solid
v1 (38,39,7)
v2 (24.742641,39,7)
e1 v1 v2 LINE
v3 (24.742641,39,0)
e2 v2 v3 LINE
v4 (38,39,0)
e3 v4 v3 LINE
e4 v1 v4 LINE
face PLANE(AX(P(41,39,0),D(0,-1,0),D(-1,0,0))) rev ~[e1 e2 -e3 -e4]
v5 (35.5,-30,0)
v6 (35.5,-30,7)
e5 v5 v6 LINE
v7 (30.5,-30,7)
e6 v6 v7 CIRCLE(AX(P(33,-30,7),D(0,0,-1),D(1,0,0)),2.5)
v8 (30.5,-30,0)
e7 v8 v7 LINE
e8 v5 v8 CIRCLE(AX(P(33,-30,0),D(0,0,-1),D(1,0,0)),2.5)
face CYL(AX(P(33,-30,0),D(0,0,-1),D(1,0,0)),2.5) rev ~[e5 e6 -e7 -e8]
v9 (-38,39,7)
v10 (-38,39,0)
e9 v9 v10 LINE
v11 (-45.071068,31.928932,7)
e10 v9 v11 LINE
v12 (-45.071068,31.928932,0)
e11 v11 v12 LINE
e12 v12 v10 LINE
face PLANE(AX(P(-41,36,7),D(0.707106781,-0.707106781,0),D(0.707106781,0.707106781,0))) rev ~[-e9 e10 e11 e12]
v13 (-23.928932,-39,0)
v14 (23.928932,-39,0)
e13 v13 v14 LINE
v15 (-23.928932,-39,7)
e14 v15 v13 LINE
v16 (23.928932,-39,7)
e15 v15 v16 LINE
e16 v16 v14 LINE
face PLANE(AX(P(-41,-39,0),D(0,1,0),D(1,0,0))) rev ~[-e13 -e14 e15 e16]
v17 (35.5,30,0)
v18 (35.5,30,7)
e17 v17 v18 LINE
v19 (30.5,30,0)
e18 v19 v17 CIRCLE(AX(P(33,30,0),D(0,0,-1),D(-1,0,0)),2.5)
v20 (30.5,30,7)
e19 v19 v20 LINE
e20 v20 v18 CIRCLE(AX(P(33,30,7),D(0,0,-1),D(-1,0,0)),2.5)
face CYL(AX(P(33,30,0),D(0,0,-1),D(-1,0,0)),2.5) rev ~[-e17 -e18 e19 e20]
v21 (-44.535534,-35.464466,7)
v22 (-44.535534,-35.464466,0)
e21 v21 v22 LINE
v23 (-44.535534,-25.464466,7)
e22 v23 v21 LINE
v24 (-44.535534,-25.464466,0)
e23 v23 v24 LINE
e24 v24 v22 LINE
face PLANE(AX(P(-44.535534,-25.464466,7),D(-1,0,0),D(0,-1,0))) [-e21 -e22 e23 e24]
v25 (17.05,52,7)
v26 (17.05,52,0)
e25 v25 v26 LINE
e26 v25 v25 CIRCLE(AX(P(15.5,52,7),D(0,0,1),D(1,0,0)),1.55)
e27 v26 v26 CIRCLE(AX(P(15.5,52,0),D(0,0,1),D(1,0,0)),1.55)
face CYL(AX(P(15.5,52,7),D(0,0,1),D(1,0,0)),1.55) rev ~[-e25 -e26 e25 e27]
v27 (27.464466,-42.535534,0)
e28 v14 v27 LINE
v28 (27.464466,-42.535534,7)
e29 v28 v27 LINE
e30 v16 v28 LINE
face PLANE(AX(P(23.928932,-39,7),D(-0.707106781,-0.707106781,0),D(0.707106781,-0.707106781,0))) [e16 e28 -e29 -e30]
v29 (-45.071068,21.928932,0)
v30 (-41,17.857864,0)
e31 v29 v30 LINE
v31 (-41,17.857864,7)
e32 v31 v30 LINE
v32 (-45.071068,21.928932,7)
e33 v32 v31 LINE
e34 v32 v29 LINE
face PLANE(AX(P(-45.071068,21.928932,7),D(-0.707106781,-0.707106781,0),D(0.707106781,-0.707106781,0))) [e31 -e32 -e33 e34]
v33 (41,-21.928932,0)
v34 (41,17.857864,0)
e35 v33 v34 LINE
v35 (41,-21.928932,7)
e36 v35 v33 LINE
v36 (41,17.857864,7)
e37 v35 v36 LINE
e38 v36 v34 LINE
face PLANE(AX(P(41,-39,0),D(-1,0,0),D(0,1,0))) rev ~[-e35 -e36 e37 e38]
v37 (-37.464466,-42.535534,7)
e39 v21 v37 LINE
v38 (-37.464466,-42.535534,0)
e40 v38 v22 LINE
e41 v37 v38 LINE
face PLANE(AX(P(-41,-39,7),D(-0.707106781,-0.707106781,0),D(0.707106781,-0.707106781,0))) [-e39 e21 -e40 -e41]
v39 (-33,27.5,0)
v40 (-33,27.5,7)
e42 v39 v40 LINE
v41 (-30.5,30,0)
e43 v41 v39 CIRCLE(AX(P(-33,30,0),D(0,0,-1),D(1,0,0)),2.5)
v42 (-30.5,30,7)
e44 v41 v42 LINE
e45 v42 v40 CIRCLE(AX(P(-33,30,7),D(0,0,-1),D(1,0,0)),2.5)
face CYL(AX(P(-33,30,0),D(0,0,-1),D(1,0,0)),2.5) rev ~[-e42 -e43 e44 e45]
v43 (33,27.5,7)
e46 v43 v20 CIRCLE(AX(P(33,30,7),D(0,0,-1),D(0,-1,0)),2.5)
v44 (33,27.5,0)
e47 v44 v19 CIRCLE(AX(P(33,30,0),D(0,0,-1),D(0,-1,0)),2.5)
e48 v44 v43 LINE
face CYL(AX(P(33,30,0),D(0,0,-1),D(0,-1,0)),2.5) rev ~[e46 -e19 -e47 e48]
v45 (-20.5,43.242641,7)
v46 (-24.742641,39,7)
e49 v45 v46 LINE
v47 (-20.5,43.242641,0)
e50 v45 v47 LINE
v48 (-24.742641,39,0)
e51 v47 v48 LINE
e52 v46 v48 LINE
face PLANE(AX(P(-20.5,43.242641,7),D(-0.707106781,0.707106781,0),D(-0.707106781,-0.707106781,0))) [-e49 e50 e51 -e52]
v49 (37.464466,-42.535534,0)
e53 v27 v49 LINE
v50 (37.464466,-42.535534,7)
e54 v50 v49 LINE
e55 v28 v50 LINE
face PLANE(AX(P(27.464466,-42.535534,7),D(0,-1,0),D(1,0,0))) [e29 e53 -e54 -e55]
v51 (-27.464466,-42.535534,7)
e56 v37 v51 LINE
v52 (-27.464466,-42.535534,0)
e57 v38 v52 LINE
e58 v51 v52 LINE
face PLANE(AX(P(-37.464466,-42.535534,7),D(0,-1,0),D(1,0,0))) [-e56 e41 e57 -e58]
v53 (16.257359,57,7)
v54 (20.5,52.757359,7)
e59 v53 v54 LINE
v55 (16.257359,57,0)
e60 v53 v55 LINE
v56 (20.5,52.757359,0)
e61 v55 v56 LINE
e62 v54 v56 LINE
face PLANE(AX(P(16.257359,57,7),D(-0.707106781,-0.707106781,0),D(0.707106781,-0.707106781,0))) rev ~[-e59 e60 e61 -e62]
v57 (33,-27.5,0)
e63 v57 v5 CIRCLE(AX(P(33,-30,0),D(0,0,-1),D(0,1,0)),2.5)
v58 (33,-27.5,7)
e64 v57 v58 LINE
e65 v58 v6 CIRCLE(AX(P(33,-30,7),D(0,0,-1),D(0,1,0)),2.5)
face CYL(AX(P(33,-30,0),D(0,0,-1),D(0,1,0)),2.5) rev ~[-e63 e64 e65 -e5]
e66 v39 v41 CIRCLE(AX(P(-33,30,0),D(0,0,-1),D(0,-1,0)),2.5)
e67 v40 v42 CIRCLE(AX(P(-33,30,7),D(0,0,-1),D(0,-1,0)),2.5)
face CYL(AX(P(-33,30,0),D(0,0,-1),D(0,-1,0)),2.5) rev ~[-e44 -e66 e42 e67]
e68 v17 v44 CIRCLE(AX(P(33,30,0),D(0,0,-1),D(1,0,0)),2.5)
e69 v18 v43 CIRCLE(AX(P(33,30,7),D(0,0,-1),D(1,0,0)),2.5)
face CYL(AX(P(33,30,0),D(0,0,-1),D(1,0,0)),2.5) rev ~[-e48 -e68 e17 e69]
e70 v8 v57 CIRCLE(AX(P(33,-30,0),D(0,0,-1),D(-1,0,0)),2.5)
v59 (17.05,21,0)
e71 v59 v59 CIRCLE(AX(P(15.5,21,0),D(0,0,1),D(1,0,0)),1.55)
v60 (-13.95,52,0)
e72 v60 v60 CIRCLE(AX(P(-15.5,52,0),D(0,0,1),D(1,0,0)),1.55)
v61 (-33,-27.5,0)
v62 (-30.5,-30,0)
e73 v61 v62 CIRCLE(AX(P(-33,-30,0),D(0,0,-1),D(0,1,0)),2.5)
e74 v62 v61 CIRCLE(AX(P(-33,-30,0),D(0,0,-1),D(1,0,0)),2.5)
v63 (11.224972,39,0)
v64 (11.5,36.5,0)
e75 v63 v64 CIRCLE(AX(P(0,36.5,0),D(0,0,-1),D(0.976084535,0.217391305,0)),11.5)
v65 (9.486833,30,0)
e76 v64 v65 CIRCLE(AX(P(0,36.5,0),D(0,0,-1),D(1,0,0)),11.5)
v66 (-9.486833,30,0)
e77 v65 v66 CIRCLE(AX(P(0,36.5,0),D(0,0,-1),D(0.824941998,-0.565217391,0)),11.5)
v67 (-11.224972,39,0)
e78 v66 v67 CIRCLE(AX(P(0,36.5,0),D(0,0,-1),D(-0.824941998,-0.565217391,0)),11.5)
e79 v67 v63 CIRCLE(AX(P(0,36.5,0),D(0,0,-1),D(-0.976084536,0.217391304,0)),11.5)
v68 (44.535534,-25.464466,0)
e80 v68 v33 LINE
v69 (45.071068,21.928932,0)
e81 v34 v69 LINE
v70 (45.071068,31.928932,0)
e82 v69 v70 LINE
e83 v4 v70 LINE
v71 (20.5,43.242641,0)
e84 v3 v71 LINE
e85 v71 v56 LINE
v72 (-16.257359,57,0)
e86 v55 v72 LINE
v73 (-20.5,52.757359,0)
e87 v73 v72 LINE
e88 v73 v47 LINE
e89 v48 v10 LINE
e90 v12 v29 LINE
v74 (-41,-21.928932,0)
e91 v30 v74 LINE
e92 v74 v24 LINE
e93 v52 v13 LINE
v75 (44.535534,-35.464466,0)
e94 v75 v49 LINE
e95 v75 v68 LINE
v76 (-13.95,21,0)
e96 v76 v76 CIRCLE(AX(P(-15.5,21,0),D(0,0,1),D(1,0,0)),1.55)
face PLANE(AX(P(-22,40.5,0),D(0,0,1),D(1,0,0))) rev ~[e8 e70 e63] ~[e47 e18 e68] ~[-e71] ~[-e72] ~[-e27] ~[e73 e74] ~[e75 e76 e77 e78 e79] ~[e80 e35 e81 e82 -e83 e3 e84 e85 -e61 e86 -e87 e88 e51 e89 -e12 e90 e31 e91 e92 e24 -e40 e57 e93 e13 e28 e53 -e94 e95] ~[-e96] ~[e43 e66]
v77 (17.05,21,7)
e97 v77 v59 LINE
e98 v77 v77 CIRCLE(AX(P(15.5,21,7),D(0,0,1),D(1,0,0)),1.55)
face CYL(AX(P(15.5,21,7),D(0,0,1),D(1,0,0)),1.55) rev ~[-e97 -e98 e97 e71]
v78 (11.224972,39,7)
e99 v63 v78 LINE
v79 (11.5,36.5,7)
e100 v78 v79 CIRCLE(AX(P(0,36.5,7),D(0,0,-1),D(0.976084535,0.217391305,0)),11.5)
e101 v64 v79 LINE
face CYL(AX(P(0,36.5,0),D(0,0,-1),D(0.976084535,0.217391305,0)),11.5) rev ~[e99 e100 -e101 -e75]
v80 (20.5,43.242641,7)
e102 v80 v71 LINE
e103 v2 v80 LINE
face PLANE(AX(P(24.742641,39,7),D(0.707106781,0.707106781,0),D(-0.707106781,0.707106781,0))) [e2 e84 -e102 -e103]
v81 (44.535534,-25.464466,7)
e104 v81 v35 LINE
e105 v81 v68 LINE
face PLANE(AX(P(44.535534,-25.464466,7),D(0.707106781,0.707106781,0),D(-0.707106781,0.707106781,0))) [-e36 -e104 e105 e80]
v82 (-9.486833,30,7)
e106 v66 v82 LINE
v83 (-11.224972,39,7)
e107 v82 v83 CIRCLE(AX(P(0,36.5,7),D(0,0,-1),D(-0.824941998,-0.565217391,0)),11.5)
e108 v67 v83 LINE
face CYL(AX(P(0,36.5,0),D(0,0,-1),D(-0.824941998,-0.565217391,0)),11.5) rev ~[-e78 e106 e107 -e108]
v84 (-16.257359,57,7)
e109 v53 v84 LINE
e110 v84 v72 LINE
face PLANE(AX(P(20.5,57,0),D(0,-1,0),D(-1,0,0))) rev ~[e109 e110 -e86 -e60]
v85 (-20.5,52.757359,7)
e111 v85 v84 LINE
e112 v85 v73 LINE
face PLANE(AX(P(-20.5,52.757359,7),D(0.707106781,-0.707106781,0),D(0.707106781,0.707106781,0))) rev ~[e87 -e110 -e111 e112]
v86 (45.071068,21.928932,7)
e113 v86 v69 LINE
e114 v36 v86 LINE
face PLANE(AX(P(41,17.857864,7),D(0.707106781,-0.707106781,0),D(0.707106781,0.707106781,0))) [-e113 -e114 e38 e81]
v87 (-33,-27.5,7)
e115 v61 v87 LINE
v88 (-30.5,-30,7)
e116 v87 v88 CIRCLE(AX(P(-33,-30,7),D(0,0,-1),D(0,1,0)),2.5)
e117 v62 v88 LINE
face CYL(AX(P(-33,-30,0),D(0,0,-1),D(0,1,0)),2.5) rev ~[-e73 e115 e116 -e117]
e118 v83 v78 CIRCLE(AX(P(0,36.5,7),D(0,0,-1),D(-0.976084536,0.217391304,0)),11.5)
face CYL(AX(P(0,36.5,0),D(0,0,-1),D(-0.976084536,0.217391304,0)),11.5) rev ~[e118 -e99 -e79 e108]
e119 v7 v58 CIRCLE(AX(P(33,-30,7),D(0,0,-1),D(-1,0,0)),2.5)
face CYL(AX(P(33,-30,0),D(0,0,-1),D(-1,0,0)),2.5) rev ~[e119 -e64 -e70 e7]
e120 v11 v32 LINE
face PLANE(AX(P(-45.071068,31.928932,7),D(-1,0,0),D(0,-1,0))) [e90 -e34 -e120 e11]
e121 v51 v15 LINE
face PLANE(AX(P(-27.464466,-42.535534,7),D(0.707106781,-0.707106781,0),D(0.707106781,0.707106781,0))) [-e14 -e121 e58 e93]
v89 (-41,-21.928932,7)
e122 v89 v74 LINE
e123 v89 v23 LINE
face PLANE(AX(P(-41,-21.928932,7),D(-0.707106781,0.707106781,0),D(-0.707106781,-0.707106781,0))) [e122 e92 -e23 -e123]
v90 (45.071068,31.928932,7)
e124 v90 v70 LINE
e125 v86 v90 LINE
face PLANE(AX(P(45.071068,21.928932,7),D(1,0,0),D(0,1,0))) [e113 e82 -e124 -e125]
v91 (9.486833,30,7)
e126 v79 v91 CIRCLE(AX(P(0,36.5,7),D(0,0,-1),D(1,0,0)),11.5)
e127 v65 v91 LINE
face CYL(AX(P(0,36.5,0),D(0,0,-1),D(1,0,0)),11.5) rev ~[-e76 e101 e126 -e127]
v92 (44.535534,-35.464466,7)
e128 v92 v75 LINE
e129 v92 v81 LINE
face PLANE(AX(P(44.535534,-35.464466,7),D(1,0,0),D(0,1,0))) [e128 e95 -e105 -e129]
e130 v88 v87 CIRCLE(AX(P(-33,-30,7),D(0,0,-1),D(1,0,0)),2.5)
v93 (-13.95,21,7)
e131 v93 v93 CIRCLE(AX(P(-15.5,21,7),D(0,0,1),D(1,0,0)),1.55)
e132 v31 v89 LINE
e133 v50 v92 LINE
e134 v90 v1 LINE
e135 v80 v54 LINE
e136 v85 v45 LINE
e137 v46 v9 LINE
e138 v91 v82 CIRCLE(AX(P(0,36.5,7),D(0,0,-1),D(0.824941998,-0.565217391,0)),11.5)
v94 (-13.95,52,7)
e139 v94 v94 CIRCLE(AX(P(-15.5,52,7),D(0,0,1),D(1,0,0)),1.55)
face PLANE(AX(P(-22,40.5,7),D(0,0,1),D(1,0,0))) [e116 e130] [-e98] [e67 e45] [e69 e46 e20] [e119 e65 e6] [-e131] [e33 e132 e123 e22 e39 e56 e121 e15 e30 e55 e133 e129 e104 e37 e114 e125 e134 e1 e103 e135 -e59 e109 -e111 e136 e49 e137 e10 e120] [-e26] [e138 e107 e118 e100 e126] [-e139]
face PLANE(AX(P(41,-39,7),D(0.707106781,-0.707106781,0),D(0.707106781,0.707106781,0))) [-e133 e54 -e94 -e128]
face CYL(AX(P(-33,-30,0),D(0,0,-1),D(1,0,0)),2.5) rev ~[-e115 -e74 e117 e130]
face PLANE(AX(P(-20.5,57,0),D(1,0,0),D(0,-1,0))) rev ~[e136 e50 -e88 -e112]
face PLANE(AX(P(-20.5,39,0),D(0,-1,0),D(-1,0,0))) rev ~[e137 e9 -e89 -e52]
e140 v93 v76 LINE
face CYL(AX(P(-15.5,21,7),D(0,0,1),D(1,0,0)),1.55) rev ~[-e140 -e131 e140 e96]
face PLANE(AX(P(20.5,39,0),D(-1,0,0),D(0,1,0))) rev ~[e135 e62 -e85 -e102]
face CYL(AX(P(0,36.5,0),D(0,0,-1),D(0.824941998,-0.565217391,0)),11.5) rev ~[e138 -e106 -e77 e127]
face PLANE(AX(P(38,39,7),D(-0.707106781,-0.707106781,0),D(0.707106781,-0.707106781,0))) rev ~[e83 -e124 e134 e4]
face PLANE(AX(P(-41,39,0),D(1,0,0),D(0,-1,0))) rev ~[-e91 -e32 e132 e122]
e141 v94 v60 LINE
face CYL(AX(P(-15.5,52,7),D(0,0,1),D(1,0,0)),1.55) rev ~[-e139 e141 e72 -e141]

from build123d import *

# Parameters (mm, degrees)
SALIENTE_EXTRUIR5_DEPTH = 7
CROQUIS5_R              = 1.55
CORTAR_EXTRUIR1_DEPTH   = 71.562029449
SALIENTE_EXTRUIR7_DEPTH = 7
CORTAR_EXTRUIR2_DEPTH   = 74.002747576


with BuildPart() as part:
    # Croquis1 → Saliente-Extruir5 (new body)
    with BuildSketch(Plane.XY):
        with BuildLine():
            Line((-20.5, 30), (-30.5, 30))
            ThreePointArc((-30.5, 30), (-31.232233047, 28.232233047), (-33, 27.5))
            Line((-33, 27.5), (-33, -27.5))
            ThreePointArc((-33, -27.5), (-31.232233047, -28.232233047), (-30.5, -30))
            Line((-30.5, -30), (30.5, -30))
            ThreePointArc((30.5, -30), (31.232233047, -28.232233047), (33, -27.5))
            Line((33, -27.5), (33, 27.5))
            ThreePointArc((33, 27.5), (31.232233047, 28.232233047), (30.5, 30))
            Line((30.5, 30), (20.5, 30))
            Line((20.5, 30), (20.5, 16))
            Line((20.5, 16), (-20.5, 16))
            Line((-20.5, 16), (-20.5, 30))
        make_face()
        with BuildLine():
            Line((-9.486832981, 30), (-20.5, 30))
            Line((-20.5, 30), (-20.5, 16))
            Line((-20.5, 16), (20.5, 16))
            Line((20.5, 16), (20.5, 30))
            Line((20.5, 30), (9.486832981, 30))
            ThreePointArc((9.486832981, 30), (0, 25), (-9.486832981, 30))
        make_face()
        with BuildLine():
            ThreePointArc((-33, 27.5), (-34.767766953, 31.767766953), (-30.5, 30))
            Line((-30.5, 30), (-20.5, 30))
            Line((-20.5, 30), (-20.5, 39))
            Line((-20.5, 39), (-41, 39))
            Line((-41, 39), (-41, -39))
            Line((-41, -39), (41, -39))
            Line((41, -39), (41, 39))
            Line((41, 39), (20.5, 39))
            Line((20.5, 39), (20.5, 30))
            Line((20.5, 30), (30.5, 30))
            ThreePointArc((30.5, 30), (33, 32.5), (35.5, 30))
            ThreePointArc((35.5, 30), (34.767766953, 28.232233047), (33, 27.5))
            Line((33, 27.5), (33, -27.5))
            ThreePointArc((33, -27.5), (34.767766953, -28.232233047), (35.5, -30))
            ThreePointArc((35.5, -30), (33, -32.5), (30.5, -30))
            Line((30.5, -30), (-30.5, -30))
            ThreePointArc((-30.5, -30), (-34.767766953, -31.767766953), (-33, -27.5))
            Line((-33, -27.5), (-33, 27.5))
        make_face()
        with BuildLine():
            Line((-20.5, 57), (-20.5, 39))
            Line((-20.5, 39), (-11.22497216, 39))
            ThreePointArc((-11.22497216, 39), (0, 48), (11.22497216, 39))
            Line((11.22497216, 39), (20.5, 39))
            Line((20.5, 39), (20.5, 57))
            Line((20.5, 57), (-20.5, 57))
        make_face()
        with BuildLine():
            Line((-20.5, 39), (-20.5, 30))
            Line((-20.5, 30), (-9.486832981, 30))
            ThreePointArc((-9.486832981, 30), (-11.291355899, 34.319339102), (-11.22497216, 39))
            Line((-11.22497216, 39), (-20.5, 39))
        make_face()
        with BuildLine():
            ThreePointArc((11.5, 36.5), (10.985185007, 33.097690437), (9.486832981, 30))
            Line((9.486832981, 30), (20.5, 30))
            Line((20.5, 30), (20.5, 39))
            Line((20.5, 39), (11.22497216, 39))
            ThreePointArc((11.22497216, 39), (11.431036258, 37.757541283), (11.5, 36.5))
        make_face()
    extrude(amount=SALIENTE_EXTRUIR5_DEPTH)

    # Croquis5 → Cortar-Extruir1 (cut, through all)
    with BuildSketch(Plane.XY.offset(7)):
        with Locations((-15.5, 52)):
            Circle(CROQUIS5_R)
        with Locations((15.5, 52)):
            Circle(CROQUIS5_R)
        with Locations((15.5, 21)):
            Circle(CROQUIS5_R)
        with Locations((-15.5, 21)):
            Circle(CROQUIS5_R)
    extrude(amount=-CORTAR_EXTRUIR1_DEPTH, mode=Mode.SUBTRACT)

    # Croquis6 → Saliente-Extruir7 (add, through all)
    with BuildSketch(Plane.XY.offset(7)):
        Polygon((-41, 17.857864376), (-41, 36), (-45.071067812, 31.928932188), (-45.071067812, 21.928932188), align=None)
        Polygon((-20.5, 43.242640687), (-24.742640687, 39), (-20.5, 39), align=None)
        Polygon((20.5, 43.242640687), (20.5, 39), (24.742640687, 39), align=None)
        Polygon((45.071067812, 31.928932188), (41, 36), (41, 17.857864376), (45.071067812, 21.928932188), align=None)
        Polygon((41, -21.928932188), (41, -39), (44.535533906, -35.464466094), (44.535533906, -25.464466094), align=None)
        Polygon((41, -39), (23.928932188, -39), (27.464466094, -42.535533906), (37.464466094, -42.535533906), align=None)
        Polygon((-41, -39), (-41, -21.928932188), (-44.535533906, -25.464466094), (-44.535533906, -35.464466094), align=None)
        Polygon((-23.928932188, -39), (-41, -39), (-37.464466094, -42.535533906), (-27.464466094, -42.535533906), align=None)
    extrude(amount=-SALIENTE_EXTRUIR7_DEPTH)

    # Croquis7 → Cortar-Extruir2 (cut, through all)
    with BuildSketch(Plane.XY.offset(7)):
        Polygon((-20.5, 52.757359313), (-16.257359313, 57), (-20.5, 57), align=None)
        Polygon((20.5, 57), (16.257359313, 57), (20.5, 52.757359313), align=None)
        Polygon((-41, 39), (-41, 36), (-38, 39), align=None)
        Polygon((38, 39), (41, 36), (41, 39), align=None)
    extrude(amount=-CORTAR_EXTRUIR2_DEPTH, mode=Mode.SUBTRACT)


solid = part.part
